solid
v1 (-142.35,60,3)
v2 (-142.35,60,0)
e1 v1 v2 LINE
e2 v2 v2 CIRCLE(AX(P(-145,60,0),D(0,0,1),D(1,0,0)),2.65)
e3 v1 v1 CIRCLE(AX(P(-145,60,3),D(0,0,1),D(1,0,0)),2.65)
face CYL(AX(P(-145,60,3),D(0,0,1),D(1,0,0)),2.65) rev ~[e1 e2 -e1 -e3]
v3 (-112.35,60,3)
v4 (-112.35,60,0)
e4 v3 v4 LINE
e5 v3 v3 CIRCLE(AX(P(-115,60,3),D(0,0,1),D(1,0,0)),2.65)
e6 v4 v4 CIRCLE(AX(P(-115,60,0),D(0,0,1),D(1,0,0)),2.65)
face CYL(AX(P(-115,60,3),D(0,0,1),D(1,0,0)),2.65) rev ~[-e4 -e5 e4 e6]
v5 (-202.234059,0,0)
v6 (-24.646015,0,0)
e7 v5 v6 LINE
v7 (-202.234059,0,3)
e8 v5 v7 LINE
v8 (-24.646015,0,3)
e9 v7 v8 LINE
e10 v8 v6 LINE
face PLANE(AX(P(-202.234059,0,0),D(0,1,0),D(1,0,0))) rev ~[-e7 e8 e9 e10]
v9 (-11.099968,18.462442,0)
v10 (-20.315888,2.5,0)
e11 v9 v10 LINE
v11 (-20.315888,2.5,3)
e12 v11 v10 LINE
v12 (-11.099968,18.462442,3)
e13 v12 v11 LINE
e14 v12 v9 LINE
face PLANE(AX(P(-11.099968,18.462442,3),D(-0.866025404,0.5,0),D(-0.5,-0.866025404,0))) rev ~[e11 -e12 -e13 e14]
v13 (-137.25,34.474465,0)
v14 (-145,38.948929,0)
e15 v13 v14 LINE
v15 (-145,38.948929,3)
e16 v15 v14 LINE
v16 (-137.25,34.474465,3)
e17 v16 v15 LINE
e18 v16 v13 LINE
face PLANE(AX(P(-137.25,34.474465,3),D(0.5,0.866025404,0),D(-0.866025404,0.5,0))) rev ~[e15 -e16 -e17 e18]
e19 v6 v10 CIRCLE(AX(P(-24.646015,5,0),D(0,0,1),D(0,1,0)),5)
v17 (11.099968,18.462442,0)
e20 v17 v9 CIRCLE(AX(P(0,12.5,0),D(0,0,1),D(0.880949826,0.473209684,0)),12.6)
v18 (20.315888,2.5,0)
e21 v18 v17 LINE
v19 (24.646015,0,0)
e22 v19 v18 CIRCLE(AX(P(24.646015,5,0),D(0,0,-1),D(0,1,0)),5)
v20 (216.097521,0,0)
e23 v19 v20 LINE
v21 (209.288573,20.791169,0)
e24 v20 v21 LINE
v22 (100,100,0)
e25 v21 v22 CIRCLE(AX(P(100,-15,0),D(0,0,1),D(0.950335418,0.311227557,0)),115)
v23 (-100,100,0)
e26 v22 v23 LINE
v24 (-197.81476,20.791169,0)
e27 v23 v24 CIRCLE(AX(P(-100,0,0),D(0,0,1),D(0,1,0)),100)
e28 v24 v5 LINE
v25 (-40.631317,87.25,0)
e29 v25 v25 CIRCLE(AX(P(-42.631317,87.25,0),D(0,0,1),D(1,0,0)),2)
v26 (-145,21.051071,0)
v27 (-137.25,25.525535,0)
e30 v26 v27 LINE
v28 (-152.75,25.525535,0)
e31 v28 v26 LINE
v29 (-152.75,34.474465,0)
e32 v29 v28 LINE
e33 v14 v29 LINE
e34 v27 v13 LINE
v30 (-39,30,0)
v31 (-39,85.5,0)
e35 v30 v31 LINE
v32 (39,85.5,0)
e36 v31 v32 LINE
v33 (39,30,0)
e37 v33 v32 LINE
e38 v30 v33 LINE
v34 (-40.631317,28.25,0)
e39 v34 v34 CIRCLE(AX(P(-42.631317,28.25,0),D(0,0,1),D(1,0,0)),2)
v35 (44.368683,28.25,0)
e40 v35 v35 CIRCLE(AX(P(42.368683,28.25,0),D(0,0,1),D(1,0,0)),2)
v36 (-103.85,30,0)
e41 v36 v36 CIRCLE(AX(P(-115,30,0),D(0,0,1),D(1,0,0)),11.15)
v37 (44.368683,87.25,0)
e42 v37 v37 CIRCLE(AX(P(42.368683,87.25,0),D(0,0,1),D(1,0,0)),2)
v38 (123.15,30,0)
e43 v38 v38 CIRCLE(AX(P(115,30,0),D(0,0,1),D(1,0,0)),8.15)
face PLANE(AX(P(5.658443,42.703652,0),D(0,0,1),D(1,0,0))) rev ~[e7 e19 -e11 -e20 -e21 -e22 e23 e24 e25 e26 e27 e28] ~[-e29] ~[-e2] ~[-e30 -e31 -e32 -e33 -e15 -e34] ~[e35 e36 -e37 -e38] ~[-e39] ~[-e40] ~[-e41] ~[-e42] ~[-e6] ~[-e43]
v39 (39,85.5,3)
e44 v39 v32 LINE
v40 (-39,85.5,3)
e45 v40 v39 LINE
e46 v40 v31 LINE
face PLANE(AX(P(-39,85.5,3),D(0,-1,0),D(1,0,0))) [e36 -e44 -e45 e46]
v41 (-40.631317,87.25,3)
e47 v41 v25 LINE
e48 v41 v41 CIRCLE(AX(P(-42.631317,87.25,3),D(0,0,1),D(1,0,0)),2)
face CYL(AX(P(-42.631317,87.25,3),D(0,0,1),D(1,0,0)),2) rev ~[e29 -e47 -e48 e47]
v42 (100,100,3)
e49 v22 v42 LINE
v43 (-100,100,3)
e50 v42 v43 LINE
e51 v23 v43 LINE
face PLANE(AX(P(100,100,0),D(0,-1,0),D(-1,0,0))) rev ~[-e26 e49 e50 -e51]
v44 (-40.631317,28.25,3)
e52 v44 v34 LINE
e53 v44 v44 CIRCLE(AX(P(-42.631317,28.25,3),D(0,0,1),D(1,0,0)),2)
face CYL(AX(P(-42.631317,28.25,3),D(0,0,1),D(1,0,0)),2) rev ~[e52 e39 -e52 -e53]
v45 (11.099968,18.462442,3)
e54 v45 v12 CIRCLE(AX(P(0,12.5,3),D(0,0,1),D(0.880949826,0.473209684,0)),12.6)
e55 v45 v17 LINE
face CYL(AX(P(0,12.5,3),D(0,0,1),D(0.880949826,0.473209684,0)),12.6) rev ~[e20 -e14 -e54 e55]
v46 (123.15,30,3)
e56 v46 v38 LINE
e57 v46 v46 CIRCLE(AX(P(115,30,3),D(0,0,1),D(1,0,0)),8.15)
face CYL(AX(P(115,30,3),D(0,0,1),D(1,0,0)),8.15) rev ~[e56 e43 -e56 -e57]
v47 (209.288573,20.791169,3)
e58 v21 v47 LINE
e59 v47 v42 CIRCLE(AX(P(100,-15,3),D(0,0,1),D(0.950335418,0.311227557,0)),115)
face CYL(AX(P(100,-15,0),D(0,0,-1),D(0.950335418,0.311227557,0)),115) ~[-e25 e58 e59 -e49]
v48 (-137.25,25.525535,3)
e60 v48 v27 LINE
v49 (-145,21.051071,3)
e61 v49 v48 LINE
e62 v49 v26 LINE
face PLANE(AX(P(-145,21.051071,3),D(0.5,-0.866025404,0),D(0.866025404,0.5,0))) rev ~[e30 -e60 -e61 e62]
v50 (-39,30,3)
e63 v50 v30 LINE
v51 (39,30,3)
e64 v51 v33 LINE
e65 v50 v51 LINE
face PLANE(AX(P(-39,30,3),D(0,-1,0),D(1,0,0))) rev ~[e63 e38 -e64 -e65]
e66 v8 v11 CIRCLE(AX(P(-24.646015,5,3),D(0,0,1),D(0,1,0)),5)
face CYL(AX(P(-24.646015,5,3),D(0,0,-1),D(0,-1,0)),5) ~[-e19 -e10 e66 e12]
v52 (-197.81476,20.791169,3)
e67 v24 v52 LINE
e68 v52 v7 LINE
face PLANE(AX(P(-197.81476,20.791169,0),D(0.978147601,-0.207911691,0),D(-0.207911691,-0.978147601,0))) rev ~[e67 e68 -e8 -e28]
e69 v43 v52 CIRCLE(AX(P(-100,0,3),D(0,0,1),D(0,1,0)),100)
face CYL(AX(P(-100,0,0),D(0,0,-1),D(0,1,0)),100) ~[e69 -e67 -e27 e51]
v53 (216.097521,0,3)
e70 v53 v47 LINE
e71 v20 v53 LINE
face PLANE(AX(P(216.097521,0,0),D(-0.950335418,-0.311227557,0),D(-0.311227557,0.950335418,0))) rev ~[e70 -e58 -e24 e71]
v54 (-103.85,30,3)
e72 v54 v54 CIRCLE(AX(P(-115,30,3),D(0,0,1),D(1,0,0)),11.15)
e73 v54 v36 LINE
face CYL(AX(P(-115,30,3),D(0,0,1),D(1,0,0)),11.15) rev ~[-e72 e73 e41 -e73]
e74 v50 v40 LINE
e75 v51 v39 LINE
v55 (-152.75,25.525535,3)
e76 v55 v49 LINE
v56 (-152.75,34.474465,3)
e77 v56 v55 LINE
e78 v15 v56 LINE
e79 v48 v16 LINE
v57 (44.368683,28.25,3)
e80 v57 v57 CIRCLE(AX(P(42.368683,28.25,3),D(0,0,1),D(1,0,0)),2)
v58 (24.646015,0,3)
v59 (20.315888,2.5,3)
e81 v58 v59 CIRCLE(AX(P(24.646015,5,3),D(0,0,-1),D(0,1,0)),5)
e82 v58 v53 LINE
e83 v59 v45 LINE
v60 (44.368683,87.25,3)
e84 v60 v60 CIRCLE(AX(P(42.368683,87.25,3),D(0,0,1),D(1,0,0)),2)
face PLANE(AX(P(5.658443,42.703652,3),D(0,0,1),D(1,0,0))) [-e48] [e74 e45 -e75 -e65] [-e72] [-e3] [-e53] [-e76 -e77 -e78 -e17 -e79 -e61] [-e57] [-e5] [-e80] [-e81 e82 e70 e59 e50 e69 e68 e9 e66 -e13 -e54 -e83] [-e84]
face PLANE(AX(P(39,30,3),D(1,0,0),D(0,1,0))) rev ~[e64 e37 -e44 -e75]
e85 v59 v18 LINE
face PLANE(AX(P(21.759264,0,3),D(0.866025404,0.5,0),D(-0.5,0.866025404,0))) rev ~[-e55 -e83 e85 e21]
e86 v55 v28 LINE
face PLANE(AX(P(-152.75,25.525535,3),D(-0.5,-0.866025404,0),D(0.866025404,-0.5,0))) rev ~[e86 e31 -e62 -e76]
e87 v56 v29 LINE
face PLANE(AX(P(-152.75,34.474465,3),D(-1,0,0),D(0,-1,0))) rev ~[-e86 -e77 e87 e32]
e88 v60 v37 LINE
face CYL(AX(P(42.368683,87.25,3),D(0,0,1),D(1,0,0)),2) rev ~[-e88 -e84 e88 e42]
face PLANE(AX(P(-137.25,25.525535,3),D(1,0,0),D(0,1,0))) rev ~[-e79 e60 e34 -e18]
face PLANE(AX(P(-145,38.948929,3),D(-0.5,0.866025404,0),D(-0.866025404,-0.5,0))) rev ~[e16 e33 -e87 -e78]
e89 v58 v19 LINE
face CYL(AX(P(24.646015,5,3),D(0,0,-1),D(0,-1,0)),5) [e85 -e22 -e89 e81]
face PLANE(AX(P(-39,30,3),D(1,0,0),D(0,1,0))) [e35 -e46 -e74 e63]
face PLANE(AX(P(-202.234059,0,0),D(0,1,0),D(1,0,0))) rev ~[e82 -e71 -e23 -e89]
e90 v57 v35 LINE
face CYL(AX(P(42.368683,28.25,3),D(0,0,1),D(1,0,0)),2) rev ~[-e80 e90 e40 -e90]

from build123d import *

# Parameters (mm, degrees)
F1_DEPTH  = 3
F3_DEPTH  = 25
F4_R      = 5
F5_R      = 11.15
F5_R_2    = 2.65
F6_DEPTH  = 25
F7_W      = 78
F7_H      = 55.5
F7_R      = 2
F8_DEPTH  = 25
F9_R      = 8.15
F10_DEPTH = 25


with BuildPart() as f1:
    # F0 (on Top) → F1 (new body)
    with BuildSketch(Plane.XY):
        with BuildLine():
            Line((-197.8147600734, 20.7911690818), (-202.2340594865, 0))
            Line((-202.2340594865, 0), (216.0975214603, 0))
            Line((216.0975214603, 0), (209.2885731253, 20.7911690818))
            ThreePointArc((209.2885731253, 20.7911690818), (167.4870934164, 78.1154778874), (100, 100))
            Line((100, 100), (-100, 100))
            ThreePointArc((-100, 100), (-162.932039105, 77.7145961457), (-197.8147600734, 20.7911690818))
        make_face()
    extrude(amount=F1_DEPTH)

    # F2 (on face) → F3 (cut)
    with BuildSketch(Plane.XY.offset(3)):
        with BuildLine():
            ThreePointArc((1.5842979518, 0), (9.4530988092, 4.1693984068), (12.6, 12.5))
            ThreePointArc((12.6, 12.5), (12.2192388124, 15.5741182224), (11.0999678023, 18.4624420155))
            ThreePointArc((11.0999678023, 18.4624420155), (0, 25.1), (-11.0999678023, 18.4624420155))
            ThreePointArc((-11.0999678023, 18.4624420155), (-11.1999147641, 6.7274867453), (-1.5842979518, 0))
            Line((-1.5842979518, 0), (1.5842979518, 0))
        make_face()
        with BuildLine():
            ThreePointArc((11.0999678023, 18.4624420155), (12.2192388124, 15.5741182224), (12.6, 12.5))
            ThreePointArc((12.6, 12.5), (9.4530988092, 4.1693984068), (1.5842979518, 0))
            Line((1.5842979518, 0), (21.7592636698, 0))
            Line((21.7592636698, 0), (11.0999678023, 18.4624420155))
        make_face()
        with BuildLine():
            ThreePointArc((-1.5842979518, 0), (0, -0.1), (1.5842979518, 0))
            Line((1.5842979518, 0), (-1.5842979518, 0))
        make_face()
        with BuildLine():
            ThreePointArc((-1.5842979518, 0), (-11.1999147641, 6.7274867453), (-11.0999678023, 18.4624420155))
            Line((-11.0999678023, 18.4624420155), (-21.7592636698, 0))
            Line((-21.7592636698, 0), (-1.5842979518, 0))
        make_face()
    extrude(amount=-F3_DEPTH, mode=Mode.SUBTRACT)

    # F4
    f4_edges = [f1.edges().sort_by_distance(p)[0] for p in [
        (-21.759264, 0, 1.5),
        (21.759264, 0, 1.5),
    ]]
    fillet(f4_edges, radius=F4_R)

    # F5 (on face) → F6 (cut)
    with BuildSketch(Plane.XY.offset(3)):
        Polygon((-145, 38.9489291724), (-152.75, 34.4744645862), (-152.75, 25.5255354138), (-145, 21.0510708276), (-137.25, 25.5255354138), (-137.25, 34.4744645862), align=None)
        with Locations((-115, 30)):
            Circle(F5_R)
        with Locations((-115, 60)):
            Circle(F5_R_2)
        with Locations((-145, 60)):
            Circle(F5_R_2)
    extrude(amount=-F6_DEPTH, mode=Mode.SUBTRACT)

    # F7 (on face) → F8 (cut)
    with BuildSketch(Plane.XY.offset(3)):
        with Locations((0, 57.75)):
            Rectangle(F7_W, F7_H)
        with Locations((-42.6313167033, 28.25)):
            Circle(F7_R)
        with Locations((-42.6313167033, 87.25)):
            Circle(F7_R)
        with Locations((42.3686832967, 87.25)):
            Circle(F7_R)
        with Locations((42.3686832967, 28.25)):
            Circle(F7_R)
    extrude(amount=-F8_DEPTH, mode=Mode.SUBTRACT)

    # F9 (on face) → F10 (cut)
    with BuildSketch(Plane.XY.offset(3)):
        with Locations((115, 30)):
            Circle(F9_R)
    extrude(amount=-F10_DEPTH, mode=Mode.SUBTRACT)


solid = f1.part
